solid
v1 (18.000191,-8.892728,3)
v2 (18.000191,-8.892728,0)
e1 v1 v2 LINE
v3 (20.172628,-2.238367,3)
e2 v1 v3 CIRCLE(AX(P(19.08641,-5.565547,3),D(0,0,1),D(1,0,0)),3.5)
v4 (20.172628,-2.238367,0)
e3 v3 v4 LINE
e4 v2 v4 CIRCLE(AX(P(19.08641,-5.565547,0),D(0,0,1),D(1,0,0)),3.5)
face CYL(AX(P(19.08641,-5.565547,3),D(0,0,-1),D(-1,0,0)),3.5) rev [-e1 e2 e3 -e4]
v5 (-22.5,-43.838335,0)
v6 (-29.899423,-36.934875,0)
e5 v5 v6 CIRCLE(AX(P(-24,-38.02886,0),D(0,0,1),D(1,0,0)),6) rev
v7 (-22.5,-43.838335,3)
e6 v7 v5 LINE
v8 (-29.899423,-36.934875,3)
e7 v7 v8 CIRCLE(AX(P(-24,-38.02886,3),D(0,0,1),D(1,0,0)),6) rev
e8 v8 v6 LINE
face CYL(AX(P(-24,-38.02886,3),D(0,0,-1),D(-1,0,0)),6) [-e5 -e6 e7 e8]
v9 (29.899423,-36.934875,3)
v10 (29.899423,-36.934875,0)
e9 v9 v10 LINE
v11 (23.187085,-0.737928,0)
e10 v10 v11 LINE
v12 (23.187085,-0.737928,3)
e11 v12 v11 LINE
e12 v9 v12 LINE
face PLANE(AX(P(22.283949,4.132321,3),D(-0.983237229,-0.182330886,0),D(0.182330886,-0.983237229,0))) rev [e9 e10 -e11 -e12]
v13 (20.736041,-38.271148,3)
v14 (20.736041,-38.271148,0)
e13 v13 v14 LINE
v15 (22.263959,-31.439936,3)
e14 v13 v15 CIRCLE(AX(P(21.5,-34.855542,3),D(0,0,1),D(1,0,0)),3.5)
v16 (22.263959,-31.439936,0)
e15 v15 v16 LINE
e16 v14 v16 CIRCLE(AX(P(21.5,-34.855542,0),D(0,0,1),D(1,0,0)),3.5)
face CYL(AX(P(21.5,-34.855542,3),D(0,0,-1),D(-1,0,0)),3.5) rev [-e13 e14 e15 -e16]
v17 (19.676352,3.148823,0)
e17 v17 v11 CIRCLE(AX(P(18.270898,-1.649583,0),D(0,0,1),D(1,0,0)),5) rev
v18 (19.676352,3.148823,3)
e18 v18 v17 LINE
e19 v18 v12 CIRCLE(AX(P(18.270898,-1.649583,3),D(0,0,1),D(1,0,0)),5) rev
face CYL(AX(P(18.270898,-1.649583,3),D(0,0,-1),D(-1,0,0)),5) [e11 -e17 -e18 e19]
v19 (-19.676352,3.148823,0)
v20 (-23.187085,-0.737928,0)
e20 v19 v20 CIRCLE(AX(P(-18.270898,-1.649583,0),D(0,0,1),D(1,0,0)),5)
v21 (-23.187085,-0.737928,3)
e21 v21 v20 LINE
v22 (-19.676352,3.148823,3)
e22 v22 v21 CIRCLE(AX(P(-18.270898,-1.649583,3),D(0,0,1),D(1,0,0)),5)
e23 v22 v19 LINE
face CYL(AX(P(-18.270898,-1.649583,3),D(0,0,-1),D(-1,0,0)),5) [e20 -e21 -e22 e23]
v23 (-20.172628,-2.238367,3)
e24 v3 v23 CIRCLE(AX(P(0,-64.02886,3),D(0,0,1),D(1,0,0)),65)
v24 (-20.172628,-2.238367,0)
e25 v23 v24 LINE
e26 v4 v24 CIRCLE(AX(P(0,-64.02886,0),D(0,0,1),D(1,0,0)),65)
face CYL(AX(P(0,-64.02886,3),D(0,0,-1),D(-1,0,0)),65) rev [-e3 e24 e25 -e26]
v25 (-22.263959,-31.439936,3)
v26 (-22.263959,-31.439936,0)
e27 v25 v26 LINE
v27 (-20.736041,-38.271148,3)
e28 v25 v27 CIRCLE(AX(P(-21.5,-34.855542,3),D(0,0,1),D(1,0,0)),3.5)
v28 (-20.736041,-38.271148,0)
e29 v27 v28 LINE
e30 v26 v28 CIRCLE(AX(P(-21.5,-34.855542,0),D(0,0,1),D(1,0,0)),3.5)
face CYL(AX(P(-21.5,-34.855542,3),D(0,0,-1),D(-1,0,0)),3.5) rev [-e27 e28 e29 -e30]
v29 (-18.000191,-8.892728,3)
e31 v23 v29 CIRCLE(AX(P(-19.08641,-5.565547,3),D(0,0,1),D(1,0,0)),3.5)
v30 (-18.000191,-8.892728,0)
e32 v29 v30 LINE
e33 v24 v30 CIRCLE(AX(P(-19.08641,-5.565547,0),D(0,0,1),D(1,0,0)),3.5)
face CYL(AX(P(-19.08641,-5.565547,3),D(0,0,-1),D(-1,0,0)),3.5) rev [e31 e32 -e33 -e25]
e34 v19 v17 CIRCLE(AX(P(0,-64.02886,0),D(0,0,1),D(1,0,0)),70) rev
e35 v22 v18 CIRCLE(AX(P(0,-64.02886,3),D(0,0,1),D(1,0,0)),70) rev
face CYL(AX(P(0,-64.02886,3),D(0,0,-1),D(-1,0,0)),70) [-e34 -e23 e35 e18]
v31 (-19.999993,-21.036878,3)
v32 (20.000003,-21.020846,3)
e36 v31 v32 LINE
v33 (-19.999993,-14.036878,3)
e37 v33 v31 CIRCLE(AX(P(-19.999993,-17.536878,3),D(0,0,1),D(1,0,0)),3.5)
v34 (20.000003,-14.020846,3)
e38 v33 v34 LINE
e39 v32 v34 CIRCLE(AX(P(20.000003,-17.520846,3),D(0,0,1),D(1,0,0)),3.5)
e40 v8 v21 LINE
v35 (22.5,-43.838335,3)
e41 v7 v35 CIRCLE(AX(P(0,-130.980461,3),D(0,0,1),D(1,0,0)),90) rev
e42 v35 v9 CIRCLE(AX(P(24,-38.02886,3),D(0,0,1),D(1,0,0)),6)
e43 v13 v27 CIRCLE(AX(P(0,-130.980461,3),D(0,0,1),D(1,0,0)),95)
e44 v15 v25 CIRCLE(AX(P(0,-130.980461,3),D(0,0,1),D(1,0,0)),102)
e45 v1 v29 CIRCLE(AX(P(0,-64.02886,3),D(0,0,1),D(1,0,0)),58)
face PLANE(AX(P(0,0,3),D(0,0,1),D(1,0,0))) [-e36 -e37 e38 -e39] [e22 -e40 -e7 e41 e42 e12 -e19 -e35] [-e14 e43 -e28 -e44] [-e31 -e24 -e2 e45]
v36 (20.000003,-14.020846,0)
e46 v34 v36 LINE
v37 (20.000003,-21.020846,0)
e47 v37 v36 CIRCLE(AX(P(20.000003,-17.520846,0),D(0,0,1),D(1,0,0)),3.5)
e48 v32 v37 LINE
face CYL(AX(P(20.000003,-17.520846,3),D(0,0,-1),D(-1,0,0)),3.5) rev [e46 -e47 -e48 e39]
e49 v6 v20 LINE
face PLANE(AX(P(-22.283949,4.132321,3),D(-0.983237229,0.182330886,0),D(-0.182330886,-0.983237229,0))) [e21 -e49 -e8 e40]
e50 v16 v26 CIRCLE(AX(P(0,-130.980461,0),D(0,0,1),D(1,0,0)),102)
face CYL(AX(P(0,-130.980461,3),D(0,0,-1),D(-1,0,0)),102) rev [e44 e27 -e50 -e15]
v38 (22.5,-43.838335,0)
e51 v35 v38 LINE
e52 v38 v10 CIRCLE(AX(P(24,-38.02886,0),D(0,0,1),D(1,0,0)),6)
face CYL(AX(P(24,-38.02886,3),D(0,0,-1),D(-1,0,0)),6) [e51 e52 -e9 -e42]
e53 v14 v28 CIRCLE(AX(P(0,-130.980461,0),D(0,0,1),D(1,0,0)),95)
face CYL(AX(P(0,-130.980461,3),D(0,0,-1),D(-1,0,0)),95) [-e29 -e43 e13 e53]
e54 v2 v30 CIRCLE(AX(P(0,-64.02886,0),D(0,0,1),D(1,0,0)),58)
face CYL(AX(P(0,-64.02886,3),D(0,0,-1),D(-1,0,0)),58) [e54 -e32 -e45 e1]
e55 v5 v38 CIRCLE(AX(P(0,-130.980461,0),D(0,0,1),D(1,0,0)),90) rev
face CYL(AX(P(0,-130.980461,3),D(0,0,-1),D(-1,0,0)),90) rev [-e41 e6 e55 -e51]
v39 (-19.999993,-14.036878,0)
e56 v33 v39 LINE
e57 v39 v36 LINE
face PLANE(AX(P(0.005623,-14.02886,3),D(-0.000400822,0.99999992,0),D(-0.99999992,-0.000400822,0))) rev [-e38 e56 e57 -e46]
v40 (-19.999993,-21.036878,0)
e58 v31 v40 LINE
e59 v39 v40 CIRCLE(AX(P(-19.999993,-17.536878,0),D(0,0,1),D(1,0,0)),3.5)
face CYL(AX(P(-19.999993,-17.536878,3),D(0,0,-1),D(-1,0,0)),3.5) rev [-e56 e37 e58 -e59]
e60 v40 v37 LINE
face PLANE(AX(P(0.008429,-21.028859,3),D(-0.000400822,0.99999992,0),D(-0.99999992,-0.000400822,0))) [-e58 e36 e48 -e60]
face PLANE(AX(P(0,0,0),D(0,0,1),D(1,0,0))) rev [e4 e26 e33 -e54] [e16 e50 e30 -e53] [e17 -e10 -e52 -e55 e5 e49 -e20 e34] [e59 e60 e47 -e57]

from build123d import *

# Parameters (mm, degrees)
BOSS_EXTRUDE4_DEPTH = 3


with BuildPart() as part:
    # Sketch1 → Boss-Extrude4 (new body)
    with BuildSketch(Plane.XY):
        with BuildLine():
            Line((-29.899423372, -36.934875117), (-23.187084604, -0.737928439))
            ThreePointArc((-23.187084604, -0.737928439), (-21.98135558, 1.701910522), (-19.676352188, 3.148823096))
            ThreePointArc((-19.676352188, 3.148823096), (0, 5.971139565), (19.676352188, 3.148823096))
            ThreePointArc((19.676352188, 3.148823096), (21.98135558, 1.701910522), (23.187084604, -0.737928439))
            Line((23.187084604, -0.737928439), (29.899423372, -36.934875117))
            ThreePointArc((29.899423372, -36.934875117), (28.093063969, -42.415981056), (22.5, -43.838335454))
            ThreePointArc((22.5, -43.838335454), (0, -40.980460744), (-22.5, -43.838335454))
            ThreePointArc((-22.5, -43.838335454), (-28.093063969, -42.415981056), (-29.899423372, -36.934875117))
        make_face()
        with BuildLine():
            Line((-19.999993368, -14.036878488), (20.000003419, -14.020845591))
            ThreePointArc((20.000003419, -14.020845591), (23.500003419, -17.520845591), (20.000003419, -21.020845591))
            Line((20.000003419, -21.020845591), (-19.999993368, -21.036878488))
            ThreePointArc((-19.999993368, -21.036878488), (-23.499993368, -17.536878488), (-19.999993368, -14.036878488))
        make_face(mode=Mode.SUBTRACT)
        with BuildLine():
            ThreePointArc((20.172628238, -2.238367072), (0, 0.971139565), (-20.172628238, -2.238367072))
            ThreePointArc((-20.172628238, -2.238367072), (-22.413590206, -6.651765928), (-18.000191351, -8.892727896))
            ThreePointArc((-18.000191351, -8.892727896), (0, -6.028860435), (18.000191351, -8.892727896))
            ThreePointArc((18.000191351, -8.892727896), (22.413590206, -6.651765928), (20.172628238, -2.238367072))
        make_face(mode=Mode.SUBTRACT)
        with BuildLine():
            ThreePointArc((22.263959391, -31.439935769), (0, -28.980460744), (-22.263959391, -31.439935769))
            ThreePointArc((-22.263959391, -31.439935769), (-24.915606249, -35.619501409), (-20.736040609, -38.271148267))
            ThreePointArc((-20.736040609, -38.271148267), (0, -35.980460744), (20.736040609, -38.271148267))
            ThreePointArc((20.736040609, -38.271148267), (24.915606249, -35.619501409), (22.263959391, -31.439935769))
        make_face(mode=Mode.SUBTRACT)
    extrude(amount=BOSS_EXTRUDE4_DEPTH)


solid = part.part
